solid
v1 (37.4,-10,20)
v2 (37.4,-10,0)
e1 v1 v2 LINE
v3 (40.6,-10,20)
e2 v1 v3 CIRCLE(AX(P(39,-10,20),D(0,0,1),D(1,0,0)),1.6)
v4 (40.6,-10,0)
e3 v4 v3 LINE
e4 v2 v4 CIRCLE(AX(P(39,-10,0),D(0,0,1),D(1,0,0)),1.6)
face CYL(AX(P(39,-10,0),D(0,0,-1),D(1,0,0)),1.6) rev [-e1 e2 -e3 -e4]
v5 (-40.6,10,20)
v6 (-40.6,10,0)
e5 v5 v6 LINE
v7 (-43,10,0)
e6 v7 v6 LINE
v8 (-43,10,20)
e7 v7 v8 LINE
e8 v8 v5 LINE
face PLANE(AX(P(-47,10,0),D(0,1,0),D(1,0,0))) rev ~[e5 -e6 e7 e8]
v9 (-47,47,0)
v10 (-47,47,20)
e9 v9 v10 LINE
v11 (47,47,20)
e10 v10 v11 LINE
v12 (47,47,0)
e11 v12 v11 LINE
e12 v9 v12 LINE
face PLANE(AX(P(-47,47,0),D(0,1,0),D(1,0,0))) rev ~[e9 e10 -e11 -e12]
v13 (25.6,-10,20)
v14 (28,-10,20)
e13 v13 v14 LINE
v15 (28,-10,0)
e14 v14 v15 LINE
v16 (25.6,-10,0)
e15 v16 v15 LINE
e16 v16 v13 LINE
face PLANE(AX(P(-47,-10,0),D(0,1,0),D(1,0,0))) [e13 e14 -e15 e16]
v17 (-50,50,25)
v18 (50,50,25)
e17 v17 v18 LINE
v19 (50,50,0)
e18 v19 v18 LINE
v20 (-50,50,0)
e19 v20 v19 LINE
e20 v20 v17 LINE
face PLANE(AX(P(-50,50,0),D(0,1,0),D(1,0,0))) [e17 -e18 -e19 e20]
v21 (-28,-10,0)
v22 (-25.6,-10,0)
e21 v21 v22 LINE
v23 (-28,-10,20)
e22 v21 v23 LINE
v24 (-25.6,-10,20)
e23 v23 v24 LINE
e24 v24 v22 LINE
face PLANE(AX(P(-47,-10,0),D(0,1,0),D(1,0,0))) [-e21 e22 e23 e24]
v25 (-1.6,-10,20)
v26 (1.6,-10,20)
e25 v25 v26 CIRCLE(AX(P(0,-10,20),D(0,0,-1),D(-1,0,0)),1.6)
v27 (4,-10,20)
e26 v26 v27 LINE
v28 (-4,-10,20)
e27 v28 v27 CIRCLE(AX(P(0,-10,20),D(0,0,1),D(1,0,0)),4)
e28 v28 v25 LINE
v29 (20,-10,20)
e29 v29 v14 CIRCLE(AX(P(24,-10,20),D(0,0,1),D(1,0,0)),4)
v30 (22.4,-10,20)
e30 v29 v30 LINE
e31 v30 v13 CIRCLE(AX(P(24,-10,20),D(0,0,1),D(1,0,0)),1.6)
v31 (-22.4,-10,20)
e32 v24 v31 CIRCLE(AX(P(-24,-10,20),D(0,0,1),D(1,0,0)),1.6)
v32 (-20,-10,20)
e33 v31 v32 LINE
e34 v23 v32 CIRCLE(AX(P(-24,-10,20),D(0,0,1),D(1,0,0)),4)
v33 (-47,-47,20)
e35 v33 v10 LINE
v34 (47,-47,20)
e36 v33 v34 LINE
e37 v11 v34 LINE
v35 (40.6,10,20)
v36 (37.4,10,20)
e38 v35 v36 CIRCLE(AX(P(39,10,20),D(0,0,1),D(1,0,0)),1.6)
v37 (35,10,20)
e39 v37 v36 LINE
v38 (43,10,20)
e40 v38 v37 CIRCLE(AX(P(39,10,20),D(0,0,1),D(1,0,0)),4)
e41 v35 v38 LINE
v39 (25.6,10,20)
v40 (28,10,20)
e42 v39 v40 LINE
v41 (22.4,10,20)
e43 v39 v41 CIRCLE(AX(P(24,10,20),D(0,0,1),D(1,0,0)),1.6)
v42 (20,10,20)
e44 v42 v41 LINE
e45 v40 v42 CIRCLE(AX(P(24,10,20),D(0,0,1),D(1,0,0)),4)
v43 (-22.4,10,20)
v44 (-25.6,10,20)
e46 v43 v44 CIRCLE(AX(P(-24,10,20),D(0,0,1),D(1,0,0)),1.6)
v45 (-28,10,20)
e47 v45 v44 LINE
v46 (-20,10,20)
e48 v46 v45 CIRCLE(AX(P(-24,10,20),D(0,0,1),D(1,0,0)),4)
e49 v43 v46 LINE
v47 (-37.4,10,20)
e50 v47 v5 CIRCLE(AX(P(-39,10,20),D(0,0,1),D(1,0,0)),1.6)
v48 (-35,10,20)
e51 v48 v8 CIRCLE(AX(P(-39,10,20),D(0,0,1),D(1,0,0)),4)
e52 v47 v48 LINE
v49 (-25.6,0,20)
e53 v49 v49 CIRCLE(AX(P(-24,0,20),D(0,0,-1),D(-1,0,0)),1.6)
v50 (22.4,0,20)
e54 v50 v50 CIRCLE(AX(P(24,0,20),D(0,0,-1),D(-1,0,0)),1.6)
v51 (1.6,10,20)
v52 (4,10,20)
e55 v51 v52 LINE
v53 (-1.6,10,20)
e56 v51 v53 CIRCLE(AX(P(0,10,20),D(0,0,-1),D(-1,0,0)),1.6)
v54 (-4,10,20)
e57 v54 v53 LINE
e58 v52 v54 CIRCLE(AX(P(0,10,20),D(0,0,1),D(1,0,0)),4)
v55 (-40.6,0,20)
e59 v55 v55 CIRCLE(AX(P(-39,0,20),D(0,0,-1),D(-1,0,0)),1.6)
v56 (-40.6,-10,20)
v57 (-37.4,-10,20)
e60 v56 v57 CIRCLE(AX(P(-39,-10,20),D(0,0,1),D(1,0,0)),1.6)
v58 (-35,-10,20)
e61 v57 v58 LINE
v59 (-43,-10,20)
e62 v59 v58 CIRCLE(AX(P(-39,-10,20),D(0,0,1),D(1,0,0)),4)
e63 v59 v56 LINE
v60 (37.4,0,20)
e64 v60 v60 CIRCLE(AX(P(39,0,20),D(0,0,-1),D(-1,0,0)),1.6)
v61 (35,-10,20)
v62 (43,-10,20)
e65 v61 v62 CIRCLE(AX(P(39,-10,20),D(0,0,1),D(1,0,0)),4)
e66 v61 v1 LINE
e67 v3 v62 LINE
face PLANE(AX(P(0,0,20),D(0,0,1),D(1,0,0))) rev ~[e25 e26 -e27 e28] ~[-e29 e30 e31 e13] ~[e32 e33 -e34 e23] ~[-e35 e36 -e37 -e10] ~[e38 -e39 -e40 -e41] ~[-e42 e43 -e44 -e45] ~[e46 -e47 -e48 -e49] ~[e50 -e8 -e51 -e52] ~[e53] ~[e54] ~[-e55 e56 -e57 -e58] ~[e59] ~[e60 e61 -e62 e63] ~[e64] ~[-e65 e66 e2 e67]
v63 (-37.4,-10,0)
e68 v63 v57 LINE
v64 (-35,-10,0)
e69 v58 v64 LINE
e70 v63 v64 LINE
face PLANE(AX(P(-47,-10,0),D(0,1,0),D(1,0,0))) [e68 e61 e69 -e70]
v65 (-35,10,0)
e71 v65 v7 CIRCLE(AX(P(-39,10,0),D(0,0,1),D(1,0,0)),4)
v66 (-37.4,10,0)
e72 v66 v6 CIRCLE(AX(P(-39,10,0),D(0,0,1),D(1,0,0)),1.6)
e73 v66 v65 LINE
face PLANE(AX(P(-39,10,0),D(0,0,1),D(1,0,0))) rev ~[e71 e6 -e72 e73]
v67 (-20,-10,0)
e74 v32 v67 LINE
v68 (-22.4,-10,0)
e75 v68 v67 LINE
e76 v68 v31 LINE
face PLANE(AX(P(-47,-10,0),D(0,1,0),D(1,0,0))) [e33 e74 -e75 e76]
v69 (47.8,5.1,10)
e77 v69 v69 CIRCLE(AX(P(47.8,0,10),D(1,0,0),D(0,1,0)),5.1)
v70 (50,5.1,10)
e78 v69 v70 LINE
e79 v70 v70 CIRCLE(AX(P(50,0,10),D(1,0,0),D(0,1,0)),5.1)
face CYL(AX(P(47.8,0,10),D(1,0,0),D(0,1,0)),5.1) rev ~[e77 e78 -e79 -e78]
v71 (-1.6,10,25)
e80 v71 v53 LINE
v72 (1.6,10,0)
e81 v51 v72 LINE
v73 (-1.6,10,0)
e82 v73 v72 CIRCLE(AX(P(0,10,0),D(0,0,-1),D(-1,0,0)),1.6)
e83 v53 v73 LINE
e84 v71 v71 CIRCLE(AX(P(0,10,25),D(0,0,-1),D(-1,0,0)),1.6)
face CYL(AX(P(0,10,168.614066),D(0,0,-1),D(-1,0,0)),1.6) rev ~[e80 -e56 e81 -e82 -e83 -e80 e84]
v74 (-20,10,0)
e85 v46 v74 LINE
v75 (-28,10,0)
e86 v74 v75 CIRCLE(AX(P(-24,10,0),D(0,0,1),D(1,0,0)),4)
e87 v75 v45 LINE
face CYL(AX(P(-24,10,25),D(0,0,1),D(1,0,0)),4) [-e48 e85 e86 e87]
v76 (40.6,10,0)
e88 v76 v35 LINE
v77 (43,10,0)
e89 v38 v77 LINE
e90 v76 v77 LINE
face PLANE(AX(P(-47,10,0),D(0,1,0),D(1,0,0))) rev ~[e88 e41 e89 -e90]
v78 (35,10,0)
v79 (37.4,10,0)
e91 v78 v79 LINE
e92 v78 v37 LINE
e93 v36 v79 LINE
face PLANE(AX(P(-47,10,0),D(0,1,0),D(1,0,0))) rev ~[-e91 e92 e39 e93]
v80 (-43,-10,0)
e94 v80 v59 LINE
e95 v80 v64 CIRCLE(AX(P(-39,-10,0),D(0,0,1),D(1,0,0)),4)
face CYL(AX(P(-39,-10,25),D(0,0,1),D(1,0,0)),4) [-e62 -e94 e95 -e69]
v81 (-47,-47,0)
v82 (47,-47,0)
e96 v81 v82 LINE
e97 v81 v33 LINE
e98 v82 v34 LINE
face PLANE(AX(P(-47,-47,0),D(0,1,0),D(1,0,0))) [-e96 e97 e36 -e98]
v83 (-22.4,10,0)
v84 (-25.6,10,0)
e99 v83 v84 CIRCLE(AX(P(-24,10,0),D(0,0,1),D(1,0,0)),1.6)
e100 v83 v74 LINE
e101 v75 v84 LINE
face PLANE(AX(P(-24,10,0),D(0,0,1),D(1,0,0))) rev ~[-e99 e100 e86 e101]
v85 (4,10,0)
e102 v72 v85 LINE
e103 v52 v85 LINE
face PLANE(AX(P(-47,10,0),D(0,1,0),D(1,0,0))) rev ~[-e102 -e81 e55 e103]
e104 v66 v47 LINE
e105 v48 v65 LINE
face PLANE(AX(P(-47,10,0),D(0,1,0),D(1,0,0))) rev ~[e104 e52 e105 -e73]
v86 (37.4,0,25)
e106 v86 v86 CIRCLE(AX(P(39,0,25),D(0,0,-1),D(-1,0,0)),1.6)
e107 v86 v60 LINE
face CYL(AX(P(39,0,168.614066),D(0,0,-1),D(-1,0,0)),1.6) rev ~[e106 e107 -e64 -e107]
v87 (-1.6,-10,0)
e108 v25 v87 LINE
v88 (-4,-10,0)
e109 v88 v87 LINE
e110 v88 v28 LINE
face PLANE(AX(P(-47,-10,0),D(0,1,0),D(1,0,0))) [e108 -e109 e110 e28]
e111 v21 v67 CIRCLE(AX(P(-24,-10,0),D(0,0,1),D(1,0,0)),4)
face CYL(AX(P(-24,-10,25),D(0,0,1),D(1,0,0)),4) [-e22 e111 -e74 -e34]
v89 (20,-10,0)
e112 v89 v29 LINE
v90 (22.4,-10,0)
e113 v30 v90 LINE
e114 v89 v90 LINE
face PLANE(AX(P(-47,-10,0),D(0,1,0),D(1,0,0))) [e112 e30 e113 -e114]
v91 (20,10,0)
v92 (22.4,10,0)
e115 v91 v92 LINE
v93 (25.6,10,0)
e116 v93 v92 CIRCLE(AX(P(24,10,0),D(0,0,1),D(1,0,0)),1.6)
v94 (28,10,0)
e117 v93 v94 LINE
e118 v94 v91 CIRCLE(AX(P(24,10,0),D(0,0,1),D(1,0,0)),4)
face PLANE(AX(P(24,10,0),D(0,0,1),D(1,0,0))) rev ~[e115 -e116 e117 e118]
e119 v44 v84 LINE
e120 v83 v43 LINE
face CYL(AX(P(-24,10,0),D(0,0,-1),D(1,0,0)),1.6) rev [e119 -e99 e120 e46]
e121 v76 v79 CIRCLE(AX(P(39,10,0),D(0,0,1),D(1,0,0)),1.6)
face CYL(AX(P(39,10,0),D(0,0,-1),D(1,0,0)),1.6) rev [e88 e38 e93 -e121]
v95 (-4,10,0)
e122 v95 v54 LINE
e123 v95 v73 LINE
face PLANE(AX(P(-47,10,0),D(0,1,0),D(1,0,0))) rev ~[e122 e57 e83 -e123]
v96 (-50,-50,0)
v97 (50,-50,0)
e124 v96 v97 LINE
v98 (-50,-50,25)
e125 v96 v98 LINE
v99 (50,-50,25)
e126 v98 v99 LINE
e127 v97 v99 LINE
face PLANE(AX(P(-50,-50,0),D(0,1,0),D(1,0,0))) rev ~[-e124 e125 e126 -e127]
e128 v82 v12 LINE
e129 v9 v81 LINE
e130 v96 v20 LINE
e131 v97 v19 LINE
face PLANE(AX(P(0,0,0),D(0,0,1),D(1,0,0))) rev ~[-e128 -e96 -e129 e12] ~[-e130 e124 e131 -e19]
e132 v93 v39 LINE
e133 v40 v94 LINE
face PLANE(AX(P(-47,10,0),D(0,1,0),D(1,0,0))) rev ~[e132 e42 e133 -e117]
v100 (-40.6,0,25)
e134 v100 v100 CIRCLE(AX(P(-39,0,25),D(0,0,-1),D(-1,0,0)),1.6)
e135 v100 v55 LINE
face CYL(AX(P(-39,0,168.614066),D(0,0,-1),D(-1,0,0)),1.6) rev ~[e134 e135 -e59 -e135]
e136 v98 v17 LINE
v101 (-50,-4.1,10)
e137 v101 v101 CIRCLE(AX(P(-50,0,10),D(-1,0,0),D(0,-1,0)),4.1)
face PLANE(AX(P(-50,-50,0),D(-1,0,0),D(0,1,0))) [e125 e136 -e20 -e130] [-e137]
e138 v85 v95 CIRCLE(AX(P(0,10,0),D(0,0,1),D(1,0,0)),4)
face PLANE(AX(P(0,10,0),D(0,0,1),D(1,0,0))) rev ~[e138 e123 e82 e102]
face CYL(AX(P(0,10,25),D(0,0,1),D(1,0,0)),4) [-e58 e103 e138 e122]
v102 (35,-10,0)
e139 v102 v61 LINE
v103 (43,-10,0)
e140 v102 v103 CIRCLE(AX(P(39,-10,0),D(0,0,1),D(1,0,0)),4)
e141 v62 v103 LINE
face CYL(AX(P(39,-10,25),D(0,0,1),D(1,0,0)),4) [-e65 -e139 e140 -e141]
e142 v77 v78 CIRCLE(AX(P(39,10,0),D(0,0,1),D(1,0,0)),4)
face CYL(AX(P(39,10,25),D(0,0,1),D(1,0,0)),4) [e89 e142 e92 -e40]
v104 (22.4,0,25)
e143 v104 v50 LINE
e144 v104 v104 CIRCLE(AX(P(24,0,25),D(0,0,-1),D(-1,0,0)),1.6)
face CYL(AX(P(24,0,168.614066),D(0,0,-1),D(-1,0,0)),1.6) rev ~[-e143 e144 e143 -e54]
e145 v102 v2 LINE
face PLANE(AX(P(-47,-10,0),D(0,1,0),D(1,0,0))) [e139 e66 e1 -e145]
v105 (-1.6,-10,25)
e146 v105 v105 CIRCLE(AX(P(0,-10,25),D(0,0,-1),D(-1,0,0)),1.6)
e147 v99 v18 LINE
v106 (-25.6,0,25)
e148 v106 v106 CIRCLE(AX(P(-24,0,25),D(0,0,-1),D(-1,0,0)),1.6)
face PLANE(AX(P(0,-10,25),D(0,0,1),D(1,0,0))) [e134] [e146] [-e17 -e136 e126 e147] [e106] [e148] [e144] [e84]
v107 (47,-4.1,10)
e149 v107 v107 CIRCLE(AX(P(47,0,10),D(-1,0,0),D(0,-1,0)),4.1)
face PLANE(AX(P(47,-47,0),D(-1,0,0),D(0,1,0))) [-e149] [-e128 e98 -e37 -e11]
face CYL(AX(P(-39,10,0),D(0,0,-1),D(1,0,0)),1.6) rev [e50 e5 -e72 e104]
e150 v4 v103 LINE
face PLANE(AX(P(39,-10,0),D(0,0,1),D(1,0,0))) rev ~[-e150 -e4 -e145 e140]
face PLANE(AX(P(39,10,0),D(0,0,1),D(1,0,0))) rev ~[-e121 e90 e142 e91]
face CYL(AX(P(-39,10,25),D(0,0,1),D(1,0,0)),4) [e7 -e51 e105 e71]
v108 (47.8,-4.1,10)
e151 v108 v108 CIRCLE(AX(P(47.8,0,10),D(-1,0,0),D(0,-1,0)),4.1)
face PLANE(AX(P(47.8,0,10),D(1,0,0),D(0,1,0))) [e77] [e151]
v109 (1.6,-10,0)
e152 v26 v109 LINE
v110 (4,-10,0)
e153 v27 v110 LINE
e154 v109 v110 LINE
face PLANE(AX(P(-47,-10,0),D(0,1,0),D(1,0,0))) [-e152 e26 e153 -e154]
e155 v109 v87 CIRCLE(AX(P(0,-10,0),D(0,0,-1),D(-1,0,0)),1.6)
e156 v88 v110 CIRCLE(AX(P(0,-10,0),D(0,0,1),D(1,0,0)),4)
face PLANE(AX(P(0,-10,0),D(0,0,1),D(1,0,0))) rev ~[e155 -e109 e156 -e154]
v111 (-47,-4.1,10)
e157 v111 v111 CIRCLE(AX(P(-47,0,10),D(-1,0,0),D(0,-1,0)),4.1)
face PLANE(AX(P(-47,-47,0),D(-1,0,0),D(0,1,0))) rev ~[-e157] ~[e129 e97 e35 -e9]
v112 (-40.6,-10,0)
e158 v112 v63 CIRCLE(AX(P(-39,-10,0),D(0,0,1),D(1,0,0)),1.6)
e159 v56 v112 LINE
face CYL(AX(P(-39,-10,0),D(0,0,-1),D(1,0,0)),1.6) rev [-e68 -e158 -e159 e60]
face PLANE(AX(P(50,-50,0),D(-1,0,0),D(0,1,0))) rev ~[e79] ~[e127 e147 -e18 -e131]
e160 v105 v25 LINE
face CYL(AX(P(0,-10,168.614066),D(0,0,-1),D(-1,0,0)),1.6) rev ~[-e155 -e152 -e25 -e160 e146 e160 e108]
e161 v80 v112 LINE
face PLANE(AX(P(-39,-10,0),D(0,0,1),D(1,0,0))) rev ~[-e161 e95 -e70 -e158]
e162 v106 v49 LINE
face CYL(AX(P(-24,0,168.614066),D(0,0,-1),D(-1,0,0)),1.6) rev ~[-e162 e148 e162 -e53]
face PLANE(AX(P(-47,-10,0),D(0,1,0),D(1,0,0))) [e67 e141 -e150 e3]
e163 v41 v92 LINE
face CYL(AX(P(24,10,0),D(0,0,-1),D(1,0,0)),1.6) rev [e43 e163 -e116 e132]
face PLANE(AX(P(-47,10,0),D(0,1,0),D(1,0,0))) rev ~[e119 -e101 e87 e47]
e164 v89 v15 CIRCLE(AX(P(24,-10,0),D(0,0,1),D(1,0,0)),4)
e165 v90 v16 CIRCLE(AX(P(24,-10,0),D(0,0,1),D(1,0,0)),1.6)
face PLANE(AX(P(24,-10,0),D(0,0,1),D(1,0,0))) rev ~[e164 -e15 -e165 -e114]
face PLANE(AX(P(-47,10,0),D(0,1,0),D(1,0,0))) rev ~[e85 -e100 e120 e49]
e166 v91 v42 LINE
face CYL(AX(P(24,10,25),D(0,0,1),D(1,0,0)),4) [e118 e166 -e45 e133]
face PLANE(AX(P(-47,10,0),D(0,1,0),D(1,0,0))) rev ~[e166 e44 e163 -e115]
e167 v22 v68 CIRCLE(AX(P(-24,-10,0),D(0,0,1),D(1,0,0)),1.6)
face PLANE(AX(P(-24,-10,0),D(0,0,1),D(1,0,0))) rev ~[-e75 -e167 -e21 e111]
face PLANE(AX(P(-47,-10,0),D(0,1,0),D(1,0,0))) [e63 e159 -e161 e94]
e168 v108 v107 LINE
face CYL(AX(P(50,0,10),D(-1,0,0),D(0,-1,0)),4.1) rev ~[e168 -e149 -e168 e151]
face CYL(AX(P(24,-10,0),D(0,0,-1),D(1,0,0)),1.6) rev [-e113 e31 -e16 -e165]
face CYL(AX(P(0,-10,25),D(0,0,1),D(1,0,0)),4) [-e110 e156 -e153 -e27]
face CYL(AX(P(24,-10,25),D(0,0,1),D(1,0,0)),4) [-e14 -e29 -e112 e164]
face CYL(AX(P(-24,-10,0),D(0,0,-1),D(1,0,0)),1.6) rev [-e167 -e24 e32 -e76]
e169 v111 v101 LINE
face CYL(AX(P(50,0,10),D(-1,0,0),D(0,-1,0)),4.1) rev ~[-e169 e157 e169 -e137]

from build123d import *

# Parameters (mm, degrees)
F0_W           = 100
F0_H           = 100
F1_DEPTH       = 25
F2_W           = 94
F2_H           = 94
F3_DEPTH       = 20
F5_D           = 8.2
F5_CBORE_D     = 10.2
F5_CBORE_DEPTH = 2.2
F6_R           = 4
F7_DEPTH       = 25
F9_D           = 3.2
F10_R          = 1.6
F11_DEPTH      = 20
F12_W          = 94
F12_H          = 20
F13_DEPTH      = 20


with BuildPart() as f1:
    # F0 (on Top) → F1 (new body)
    with BuildSketch(Plane.XY):
        Rectangle(F0_W, F0_H)
    extrude(amount=F1_DEPTH)

    # F2 (on Top) → F3 (cut)
    with BuildSketch(Plane.XY):
        Rectangle(F2_W, F2_H)
    extrude(amount=F3_DEPTH, mode=Mode.SUBTRACT)

    # F5 (through all)
    with Locations(Plane.YZ.offset(50)):
        with Locations((0, 10)):
            CounterBoreHole(F5_D / 2, F5_CBORE_D / 2, F5_CBORE_DEPTH)

    # F6 (on face) → F7 (join)
    with BuildSketch(Plane.XY.offset(25)):
        with Locations((0, -10)):
            Circle(F6_R)
        with Locations((0, 10)):
            Circle(F6_R)
        with Locations((-24, 10)):
            Circle(F6_R)
        with Locations((-39, 10)):
            Circle(F6_R)
        with Locations((24, 10)):
            Circle(F6_R)
        with Locations((39, 10)):
            Circle(F6_R)
        with Locations((-24, -10)):
            Circle(F6_R)
        with Locations((24, -10)):
            Circle(F6_R)
        with Locations((39, -10)):
            Circle(F6_R)
        with Locations((-39, -10)):
            Circle(F6_R)
    extrude(amount=-F7_DEPTH)

    # F9 (through all)
    with Locations(Plane.XY.offset(25)):
        with Locations((-39, 0), (-24, 0), (0, 10), (24, 0), (39, 0), (0, -10)):
            Hole(F9_D / 2)

    # F10 (on Top) → F11 (cut)
    with BuildSketch(Plane.XY):
        with Locations((-39, -10)):
            Circle(F10_R)
        with Locations((-24, -10)):
            Circle(F10_R)
        with Locations((-24, 10)):
            Circle(F10_R)
        with Locations((-39, 10)):
            Circle(F10_R)
        with Locations((24, 10)):
            Circle(F10_R)
        with Locations((39, 10)):
            Circle(F10_R)
        with Locations((39, -10)):
            Circle(F10_R)
        with Locations((24, -10)):
            Circle(F10_R)
    extrude(amount=F11_DEPTH, mode=Mode.SUBTRACT)

    # F12 (on Top) → F13 (cut)
    with BuildSketch(Plane.XY):
        Rectangle(F12_W, F12_H)
    extrude(amount=F13_DEPTH, mode=Mode.SUBTRACT)


solid = f1.part
